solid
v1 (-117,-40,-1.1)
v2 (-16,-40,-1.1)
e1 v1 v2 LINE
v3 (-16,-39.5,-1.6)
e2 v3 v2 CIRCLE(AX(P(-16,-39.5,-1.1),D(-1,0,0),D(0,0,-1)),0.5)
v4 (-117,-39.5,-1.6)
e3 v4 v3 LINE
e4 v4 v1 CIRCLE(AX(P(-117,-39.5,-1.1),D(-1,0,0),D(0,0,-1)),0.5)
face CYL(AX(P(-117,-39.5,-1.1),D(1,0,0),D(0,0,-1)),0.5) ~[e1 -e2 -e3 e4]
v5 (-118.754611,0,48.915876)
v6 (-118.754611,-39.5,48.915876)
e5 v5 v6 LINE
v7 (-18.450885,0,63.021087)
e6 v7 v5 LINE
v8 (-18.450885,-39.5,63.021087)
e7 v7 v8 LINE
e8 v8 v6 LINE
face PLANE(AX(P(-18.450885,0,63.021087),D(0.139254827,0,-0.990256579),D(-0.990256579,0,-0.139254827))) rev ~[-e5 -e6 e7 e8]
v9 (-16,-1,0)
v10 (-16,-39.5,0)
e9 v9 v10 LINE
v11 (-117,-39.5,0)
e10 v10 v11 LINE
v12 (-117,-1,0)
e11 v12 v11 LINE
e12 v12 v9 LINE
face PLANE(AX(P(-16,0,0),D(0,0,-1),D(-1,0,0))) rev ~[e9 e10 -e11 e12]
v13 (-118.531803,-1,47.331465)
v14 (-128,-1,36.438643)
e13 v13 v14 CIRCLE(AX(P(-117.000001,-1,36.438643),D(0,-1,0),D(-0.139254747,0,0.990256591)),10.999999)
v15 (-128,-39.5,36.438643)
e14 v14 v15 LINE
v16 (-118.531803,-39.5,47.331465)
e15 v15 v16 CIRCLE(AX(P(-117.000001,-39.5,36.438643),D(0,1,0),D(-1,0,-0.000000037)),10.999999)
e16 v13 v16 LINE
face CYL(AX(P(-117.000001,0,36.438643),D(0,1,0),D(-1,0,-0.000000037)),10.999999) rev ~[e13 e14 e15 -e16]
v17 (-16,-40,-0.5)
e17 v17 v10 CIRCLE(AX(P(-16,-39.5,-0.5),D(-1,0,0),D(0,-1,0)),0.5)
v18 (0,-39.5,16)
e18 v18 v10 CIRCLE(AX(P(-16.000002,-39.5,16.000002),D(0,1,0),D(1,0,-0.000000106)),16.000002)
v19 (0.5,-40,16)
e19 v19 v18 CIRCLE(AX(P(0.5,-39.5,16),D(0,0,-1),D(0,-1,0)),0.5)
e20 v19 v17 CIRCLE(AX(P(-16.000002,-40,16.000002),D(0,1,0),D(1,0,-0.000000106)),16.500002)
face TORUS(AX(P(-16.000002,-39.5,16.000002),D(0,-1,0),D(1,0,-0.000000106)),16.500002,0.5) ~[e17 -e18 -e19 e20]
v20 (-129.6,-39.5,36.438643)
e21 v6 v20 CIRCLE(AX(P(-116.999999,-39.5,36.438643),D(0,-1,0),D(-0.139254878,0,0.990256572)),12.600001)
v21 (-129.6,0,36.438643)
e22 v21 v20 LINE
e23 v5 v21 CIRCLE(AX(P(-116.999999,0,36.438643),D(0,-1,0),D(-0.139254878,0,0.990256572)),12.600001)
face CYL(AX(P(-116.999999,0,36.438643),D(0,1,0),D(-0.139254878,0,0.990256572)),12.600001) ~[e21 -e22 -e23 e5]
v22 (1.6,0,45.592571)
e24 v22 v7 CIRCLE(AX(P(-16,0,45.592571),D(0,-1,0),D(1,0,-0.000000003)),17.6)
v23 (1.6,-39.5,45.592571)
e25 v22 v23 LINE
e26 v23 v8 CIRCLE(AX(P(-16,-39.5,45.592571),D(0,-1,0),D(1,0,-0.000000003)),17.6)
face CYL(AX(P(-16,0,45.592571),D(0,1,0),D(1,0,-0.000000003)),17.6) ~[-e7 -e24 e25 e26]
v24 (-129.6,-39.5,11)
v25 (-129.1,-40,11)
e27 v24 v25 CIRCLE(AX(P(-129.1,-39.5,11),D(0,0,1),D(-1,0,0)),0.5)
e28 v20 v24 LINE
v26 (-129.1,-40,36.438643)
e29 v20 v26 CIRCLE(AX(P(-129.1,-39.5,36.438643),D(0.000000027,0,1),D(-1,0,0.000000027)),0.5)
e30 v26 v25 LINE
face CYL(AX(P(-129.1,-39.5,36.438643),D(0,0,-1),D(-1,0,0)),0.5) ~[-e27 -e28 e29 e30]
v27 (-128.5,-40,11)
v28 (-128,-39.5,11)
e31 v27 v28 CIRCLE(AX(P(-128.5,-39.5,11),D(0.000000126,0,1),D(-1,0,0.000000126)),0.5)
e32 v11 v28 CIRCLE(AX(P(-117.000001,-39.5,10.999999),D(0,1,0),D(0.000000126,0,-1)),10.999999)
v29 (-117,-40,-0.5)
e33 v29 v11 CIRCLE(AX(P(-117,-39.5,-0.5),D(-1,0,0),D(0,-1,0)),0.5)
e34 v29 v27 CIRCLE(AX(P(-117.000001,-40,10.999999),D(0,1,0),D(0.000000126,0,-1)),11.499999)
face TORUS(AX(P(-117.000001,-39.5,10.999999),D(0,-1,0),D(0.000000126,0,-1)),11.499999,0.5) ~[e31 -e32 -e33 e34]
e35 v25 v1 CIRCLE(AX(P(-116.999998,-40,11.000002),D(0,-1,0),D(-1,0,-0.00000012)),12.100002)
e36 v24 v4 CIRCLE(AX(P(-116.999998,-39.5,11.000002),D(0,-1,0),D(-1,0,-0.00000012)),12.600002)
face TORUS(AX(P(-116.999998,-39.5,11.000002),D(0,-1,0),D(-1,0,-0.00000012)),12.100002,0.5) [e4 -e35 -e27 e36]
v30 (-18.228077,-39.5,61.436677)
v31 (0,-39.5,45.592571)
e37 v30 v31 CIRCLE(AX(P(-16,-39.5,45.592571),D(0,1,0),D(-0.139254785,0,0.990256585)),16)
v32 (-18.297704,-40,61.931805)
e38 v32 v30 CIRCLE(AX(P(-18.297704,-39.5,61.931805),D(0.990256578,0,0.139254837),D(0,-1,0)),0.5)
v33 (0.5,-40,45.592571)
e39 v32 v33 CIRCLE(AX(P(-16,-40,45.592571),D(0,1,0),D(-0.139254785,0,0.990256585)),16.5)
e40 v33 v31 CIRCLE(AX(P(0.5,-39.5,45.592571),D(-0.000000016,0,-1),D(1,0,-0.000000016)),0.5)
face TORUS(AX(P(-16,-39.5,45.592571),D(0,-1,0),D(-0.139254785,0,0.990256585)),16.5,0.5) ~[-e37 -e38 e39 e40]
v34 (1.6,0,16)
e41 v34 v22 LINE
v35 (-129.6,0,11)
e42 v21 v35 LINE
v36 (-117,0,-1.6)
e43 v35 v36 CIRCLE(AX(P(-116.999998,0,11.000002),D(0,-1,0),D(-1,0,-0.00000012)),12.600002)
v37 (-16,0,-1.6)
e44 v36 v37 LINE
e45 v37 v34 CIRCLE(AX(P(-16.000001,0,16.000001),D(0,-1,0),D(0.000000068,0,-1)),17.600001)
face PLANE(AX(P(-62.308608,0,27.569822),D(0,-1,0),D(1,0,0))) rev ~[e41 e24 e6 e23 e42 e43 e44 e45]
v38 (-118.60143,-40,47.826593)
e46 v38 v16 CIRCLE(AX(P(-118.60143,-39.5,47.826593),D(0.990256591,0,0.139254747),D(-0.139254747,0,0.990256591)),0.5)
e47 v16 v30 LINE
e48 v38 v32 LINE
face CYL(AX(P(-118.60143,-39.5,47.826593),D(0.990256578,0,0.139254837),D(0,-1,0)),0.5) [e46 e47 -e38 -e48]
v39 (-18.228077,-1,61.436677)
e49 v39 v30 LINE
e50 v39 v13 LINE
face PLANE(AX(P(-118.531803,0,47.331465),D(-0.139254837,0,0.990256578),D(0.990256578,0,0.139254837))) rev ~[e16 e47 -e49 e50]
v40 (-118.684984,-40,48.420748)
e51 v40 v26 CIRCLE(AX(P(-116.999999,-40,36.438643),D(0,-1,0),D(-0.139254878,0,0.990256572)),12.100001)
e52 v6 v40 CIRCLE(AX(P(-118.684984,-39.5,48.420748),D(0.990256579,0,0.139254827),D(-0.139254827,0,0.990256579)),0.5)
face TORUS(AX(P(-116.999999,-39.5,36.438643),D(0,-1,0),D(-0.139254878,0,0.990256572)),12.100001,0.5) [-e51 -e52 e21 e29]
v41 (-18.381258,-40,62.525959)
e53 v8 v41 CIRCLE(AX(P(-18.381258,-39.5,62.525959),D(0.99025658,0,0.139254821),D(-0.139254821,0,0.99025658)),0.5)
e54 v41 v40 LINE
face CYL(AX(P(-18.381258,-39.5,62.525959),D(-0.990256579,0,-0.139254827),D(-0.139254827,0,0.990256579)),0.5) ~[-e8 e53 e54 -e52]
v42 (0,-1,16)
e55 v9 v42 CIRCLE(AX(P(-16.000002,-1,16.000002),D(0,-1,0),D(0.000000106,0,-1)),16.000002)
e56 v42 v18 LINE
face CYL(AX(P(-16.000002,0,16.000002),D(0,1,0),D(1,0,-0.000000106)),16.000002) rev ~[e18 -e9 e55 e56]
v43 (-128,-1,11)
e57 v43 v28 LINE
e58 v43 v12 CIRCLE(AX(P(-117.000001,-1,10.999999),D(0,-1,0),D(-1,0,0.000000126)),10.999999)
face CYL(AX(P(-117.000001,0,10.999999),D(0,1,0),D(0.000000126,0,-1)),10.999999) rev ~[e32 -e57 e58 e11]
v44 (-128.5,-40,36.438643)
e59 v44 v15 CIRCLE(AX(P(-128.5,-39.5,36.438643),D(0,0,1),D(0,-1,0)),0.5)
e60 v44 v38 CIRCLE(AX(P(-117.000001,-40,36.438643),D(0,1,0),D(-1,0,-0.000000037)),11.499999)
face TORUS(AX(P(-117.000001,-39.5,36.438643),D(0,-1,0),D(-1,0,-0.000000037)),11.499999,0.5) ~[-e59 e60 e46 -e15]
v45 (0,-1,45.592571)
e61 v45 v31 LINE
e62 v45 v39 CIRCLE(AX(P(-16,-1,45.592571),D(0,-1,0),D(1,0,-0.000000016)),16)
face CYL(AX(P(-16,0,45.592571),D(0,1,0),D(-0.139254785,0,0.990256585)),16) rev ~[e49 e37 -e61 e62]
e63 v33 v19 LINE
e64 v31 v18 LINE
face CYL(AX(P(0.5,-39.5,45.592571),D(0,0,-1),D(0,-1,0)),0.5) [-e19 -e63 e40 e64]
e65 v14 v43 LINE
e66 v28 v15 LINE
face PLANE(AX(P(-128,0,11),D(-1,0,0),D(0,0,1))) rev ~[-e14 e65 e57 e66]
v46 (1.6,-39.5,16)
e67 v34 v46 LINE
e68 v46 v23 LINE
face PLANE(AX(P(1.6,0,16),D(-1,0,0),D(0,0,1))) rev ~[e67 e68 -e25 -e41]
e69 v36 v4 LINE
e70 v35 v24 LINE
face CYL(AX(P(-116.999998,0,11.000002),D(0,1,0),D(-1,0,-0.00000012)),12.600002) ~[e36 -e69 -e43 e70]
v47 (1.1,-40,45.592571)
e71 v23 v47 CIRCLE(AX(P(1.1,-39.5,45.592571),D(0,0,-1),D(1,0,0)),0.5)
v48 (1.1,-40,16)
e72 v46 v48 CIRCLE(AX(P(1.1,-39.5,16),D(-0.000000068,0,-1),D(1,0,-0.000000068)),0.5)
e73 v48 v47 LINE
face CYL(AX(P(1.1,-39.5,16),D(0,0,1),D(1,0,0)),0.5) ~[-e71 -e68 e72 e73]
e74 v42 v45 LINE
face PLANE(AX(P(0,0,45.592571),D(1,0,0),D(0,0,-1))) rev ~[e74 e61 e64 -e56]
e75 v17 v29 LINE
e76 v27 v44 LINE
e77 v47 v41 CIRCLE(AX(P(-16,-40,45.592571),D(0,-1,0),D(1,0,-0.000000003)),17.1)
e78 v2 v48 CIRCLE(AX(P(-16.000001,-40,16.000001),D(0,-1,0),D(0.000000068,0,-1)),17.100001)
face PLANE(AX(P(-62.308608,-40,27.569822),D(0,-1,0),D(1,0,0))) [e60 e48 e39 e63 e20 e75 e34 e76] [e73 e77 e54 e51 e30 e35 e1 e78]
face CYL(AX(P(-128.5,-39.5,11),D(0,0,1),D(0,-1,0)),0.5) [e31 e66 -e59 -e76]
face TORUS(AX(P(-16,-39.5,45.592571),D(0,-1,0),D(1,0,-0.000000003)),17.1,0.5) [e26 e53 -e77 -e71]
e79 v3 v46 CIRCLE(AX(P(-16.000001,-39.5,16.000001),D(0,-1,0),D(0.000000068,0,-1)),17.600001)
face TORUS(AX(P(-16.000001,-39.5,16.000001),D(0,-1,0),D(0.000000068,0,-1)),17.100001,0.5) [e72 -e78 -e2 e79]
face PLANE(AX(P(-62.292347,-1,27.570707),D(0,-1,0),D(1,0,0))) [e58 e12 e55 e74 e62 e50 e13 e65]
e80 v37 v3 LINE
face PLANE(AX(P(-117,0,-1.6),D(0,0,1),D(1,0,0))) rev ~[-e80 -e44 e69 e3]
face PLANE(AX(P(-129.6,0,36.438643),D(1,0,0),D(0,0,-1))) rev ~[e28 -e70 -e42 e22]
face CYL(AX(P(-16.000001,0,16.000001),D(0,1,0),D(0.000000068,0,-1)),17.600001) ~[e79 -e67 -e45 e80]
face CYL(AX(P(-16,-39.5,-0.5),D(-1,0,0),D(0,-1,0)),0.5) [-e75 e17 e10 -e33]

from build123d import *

# Parameters (mm, degrees)
F1_DEPTH = 1
F2_DEPTH = 40
F3_R     = 0.5


with BuildPart() as f1:
    # F0 (on Front) → F1 (new body)
    with BuildSketch(Plane.XZ):
        with BuildLine():
            ThreePointArc((-16, 0), (-4.686292, 4.686292), (0, 16))
            Line((0, 16), (0, 45.592571))
            ThreePointArc((0, 45.592571), (-5.503554, 57.668358), (-18.228077, 61.436677))
            Line((-18.228077, 61.436677), (-118.531803, 47.331465))
            ThreePointArc((-118.531803, 47.331465), (-125.302103, 43.65495), (-128, 36.438643))
            Line((-128, 36.438643), (-128, 11))
            ThreePointArc((-128, 11), (-124.778175, 3.221825), (-117, 0))
            Line((-117, 0), (-16, 0))
        make_face()
    extrude(amount=F1_DEPTH)

    # F0 (on Front) → F2 (join)
    with BuildSketch(Plane.XZ):
        with BuildLine():
            ThreePointArc((-129.6, 11), (-125.909545, 2.090455), (-117, -1.6))
            Line((-117, -1.6), (-16, -1.6))
            ThreePointArc((-16, -1.6), (-3.554921, 3.554921), (1.6, 16))
            Line((1.6, 16), (1.6, 45.592571))
            ThreePointArc((1.6, 45.592571), (-4.453909, 58.875936), (-18.450885, 63.021087))
            Line((-18.450885, 63.021087), (-118.754611, 48.915876))
            ThreePointArc((-118.754611, 48.915876), (-126.509682, 44.704594), (-129.6, 36.438643))
            Line((-129.6, 36.438643), (-129.6, 11))
        make_face()
        with BuildLine():
            Line((0, 45.592571), (0, 16))
            ThreePointArc((0, 16), (-4.686292, 4.686292), (-16, 0))
            Line((-16, 0), (-117, 0))
            ThreePointArc((-117, 0), (-124.778175, 3.221825), (-128, 11))
            Line((-128, 11), (-128, 36.438643))
            ThreePointArc((-128, 36.438643), (-125.302103, 43.65495), (-118.531803, 47.331465))
            Line((-118.531803, 47.331465), (-18.228077, 61.436677))
            ThreePointArc((-18.228077, 61.436677), (-5.503554, 57.668358), (0, 45.592571))
        make_face(mode=Mode.SUBTRACT)
    extrude(amount=F2_DEPTH)

    # F3
    f3_edges = [f1.edges().sort_by_distance(p)[0] for p in [
        (-66.5, -40, -1.6),
        (-66.5, -40, 0),
    ]]
    fillet(f3_edges, radius=F3_R)


solid = f1.part
